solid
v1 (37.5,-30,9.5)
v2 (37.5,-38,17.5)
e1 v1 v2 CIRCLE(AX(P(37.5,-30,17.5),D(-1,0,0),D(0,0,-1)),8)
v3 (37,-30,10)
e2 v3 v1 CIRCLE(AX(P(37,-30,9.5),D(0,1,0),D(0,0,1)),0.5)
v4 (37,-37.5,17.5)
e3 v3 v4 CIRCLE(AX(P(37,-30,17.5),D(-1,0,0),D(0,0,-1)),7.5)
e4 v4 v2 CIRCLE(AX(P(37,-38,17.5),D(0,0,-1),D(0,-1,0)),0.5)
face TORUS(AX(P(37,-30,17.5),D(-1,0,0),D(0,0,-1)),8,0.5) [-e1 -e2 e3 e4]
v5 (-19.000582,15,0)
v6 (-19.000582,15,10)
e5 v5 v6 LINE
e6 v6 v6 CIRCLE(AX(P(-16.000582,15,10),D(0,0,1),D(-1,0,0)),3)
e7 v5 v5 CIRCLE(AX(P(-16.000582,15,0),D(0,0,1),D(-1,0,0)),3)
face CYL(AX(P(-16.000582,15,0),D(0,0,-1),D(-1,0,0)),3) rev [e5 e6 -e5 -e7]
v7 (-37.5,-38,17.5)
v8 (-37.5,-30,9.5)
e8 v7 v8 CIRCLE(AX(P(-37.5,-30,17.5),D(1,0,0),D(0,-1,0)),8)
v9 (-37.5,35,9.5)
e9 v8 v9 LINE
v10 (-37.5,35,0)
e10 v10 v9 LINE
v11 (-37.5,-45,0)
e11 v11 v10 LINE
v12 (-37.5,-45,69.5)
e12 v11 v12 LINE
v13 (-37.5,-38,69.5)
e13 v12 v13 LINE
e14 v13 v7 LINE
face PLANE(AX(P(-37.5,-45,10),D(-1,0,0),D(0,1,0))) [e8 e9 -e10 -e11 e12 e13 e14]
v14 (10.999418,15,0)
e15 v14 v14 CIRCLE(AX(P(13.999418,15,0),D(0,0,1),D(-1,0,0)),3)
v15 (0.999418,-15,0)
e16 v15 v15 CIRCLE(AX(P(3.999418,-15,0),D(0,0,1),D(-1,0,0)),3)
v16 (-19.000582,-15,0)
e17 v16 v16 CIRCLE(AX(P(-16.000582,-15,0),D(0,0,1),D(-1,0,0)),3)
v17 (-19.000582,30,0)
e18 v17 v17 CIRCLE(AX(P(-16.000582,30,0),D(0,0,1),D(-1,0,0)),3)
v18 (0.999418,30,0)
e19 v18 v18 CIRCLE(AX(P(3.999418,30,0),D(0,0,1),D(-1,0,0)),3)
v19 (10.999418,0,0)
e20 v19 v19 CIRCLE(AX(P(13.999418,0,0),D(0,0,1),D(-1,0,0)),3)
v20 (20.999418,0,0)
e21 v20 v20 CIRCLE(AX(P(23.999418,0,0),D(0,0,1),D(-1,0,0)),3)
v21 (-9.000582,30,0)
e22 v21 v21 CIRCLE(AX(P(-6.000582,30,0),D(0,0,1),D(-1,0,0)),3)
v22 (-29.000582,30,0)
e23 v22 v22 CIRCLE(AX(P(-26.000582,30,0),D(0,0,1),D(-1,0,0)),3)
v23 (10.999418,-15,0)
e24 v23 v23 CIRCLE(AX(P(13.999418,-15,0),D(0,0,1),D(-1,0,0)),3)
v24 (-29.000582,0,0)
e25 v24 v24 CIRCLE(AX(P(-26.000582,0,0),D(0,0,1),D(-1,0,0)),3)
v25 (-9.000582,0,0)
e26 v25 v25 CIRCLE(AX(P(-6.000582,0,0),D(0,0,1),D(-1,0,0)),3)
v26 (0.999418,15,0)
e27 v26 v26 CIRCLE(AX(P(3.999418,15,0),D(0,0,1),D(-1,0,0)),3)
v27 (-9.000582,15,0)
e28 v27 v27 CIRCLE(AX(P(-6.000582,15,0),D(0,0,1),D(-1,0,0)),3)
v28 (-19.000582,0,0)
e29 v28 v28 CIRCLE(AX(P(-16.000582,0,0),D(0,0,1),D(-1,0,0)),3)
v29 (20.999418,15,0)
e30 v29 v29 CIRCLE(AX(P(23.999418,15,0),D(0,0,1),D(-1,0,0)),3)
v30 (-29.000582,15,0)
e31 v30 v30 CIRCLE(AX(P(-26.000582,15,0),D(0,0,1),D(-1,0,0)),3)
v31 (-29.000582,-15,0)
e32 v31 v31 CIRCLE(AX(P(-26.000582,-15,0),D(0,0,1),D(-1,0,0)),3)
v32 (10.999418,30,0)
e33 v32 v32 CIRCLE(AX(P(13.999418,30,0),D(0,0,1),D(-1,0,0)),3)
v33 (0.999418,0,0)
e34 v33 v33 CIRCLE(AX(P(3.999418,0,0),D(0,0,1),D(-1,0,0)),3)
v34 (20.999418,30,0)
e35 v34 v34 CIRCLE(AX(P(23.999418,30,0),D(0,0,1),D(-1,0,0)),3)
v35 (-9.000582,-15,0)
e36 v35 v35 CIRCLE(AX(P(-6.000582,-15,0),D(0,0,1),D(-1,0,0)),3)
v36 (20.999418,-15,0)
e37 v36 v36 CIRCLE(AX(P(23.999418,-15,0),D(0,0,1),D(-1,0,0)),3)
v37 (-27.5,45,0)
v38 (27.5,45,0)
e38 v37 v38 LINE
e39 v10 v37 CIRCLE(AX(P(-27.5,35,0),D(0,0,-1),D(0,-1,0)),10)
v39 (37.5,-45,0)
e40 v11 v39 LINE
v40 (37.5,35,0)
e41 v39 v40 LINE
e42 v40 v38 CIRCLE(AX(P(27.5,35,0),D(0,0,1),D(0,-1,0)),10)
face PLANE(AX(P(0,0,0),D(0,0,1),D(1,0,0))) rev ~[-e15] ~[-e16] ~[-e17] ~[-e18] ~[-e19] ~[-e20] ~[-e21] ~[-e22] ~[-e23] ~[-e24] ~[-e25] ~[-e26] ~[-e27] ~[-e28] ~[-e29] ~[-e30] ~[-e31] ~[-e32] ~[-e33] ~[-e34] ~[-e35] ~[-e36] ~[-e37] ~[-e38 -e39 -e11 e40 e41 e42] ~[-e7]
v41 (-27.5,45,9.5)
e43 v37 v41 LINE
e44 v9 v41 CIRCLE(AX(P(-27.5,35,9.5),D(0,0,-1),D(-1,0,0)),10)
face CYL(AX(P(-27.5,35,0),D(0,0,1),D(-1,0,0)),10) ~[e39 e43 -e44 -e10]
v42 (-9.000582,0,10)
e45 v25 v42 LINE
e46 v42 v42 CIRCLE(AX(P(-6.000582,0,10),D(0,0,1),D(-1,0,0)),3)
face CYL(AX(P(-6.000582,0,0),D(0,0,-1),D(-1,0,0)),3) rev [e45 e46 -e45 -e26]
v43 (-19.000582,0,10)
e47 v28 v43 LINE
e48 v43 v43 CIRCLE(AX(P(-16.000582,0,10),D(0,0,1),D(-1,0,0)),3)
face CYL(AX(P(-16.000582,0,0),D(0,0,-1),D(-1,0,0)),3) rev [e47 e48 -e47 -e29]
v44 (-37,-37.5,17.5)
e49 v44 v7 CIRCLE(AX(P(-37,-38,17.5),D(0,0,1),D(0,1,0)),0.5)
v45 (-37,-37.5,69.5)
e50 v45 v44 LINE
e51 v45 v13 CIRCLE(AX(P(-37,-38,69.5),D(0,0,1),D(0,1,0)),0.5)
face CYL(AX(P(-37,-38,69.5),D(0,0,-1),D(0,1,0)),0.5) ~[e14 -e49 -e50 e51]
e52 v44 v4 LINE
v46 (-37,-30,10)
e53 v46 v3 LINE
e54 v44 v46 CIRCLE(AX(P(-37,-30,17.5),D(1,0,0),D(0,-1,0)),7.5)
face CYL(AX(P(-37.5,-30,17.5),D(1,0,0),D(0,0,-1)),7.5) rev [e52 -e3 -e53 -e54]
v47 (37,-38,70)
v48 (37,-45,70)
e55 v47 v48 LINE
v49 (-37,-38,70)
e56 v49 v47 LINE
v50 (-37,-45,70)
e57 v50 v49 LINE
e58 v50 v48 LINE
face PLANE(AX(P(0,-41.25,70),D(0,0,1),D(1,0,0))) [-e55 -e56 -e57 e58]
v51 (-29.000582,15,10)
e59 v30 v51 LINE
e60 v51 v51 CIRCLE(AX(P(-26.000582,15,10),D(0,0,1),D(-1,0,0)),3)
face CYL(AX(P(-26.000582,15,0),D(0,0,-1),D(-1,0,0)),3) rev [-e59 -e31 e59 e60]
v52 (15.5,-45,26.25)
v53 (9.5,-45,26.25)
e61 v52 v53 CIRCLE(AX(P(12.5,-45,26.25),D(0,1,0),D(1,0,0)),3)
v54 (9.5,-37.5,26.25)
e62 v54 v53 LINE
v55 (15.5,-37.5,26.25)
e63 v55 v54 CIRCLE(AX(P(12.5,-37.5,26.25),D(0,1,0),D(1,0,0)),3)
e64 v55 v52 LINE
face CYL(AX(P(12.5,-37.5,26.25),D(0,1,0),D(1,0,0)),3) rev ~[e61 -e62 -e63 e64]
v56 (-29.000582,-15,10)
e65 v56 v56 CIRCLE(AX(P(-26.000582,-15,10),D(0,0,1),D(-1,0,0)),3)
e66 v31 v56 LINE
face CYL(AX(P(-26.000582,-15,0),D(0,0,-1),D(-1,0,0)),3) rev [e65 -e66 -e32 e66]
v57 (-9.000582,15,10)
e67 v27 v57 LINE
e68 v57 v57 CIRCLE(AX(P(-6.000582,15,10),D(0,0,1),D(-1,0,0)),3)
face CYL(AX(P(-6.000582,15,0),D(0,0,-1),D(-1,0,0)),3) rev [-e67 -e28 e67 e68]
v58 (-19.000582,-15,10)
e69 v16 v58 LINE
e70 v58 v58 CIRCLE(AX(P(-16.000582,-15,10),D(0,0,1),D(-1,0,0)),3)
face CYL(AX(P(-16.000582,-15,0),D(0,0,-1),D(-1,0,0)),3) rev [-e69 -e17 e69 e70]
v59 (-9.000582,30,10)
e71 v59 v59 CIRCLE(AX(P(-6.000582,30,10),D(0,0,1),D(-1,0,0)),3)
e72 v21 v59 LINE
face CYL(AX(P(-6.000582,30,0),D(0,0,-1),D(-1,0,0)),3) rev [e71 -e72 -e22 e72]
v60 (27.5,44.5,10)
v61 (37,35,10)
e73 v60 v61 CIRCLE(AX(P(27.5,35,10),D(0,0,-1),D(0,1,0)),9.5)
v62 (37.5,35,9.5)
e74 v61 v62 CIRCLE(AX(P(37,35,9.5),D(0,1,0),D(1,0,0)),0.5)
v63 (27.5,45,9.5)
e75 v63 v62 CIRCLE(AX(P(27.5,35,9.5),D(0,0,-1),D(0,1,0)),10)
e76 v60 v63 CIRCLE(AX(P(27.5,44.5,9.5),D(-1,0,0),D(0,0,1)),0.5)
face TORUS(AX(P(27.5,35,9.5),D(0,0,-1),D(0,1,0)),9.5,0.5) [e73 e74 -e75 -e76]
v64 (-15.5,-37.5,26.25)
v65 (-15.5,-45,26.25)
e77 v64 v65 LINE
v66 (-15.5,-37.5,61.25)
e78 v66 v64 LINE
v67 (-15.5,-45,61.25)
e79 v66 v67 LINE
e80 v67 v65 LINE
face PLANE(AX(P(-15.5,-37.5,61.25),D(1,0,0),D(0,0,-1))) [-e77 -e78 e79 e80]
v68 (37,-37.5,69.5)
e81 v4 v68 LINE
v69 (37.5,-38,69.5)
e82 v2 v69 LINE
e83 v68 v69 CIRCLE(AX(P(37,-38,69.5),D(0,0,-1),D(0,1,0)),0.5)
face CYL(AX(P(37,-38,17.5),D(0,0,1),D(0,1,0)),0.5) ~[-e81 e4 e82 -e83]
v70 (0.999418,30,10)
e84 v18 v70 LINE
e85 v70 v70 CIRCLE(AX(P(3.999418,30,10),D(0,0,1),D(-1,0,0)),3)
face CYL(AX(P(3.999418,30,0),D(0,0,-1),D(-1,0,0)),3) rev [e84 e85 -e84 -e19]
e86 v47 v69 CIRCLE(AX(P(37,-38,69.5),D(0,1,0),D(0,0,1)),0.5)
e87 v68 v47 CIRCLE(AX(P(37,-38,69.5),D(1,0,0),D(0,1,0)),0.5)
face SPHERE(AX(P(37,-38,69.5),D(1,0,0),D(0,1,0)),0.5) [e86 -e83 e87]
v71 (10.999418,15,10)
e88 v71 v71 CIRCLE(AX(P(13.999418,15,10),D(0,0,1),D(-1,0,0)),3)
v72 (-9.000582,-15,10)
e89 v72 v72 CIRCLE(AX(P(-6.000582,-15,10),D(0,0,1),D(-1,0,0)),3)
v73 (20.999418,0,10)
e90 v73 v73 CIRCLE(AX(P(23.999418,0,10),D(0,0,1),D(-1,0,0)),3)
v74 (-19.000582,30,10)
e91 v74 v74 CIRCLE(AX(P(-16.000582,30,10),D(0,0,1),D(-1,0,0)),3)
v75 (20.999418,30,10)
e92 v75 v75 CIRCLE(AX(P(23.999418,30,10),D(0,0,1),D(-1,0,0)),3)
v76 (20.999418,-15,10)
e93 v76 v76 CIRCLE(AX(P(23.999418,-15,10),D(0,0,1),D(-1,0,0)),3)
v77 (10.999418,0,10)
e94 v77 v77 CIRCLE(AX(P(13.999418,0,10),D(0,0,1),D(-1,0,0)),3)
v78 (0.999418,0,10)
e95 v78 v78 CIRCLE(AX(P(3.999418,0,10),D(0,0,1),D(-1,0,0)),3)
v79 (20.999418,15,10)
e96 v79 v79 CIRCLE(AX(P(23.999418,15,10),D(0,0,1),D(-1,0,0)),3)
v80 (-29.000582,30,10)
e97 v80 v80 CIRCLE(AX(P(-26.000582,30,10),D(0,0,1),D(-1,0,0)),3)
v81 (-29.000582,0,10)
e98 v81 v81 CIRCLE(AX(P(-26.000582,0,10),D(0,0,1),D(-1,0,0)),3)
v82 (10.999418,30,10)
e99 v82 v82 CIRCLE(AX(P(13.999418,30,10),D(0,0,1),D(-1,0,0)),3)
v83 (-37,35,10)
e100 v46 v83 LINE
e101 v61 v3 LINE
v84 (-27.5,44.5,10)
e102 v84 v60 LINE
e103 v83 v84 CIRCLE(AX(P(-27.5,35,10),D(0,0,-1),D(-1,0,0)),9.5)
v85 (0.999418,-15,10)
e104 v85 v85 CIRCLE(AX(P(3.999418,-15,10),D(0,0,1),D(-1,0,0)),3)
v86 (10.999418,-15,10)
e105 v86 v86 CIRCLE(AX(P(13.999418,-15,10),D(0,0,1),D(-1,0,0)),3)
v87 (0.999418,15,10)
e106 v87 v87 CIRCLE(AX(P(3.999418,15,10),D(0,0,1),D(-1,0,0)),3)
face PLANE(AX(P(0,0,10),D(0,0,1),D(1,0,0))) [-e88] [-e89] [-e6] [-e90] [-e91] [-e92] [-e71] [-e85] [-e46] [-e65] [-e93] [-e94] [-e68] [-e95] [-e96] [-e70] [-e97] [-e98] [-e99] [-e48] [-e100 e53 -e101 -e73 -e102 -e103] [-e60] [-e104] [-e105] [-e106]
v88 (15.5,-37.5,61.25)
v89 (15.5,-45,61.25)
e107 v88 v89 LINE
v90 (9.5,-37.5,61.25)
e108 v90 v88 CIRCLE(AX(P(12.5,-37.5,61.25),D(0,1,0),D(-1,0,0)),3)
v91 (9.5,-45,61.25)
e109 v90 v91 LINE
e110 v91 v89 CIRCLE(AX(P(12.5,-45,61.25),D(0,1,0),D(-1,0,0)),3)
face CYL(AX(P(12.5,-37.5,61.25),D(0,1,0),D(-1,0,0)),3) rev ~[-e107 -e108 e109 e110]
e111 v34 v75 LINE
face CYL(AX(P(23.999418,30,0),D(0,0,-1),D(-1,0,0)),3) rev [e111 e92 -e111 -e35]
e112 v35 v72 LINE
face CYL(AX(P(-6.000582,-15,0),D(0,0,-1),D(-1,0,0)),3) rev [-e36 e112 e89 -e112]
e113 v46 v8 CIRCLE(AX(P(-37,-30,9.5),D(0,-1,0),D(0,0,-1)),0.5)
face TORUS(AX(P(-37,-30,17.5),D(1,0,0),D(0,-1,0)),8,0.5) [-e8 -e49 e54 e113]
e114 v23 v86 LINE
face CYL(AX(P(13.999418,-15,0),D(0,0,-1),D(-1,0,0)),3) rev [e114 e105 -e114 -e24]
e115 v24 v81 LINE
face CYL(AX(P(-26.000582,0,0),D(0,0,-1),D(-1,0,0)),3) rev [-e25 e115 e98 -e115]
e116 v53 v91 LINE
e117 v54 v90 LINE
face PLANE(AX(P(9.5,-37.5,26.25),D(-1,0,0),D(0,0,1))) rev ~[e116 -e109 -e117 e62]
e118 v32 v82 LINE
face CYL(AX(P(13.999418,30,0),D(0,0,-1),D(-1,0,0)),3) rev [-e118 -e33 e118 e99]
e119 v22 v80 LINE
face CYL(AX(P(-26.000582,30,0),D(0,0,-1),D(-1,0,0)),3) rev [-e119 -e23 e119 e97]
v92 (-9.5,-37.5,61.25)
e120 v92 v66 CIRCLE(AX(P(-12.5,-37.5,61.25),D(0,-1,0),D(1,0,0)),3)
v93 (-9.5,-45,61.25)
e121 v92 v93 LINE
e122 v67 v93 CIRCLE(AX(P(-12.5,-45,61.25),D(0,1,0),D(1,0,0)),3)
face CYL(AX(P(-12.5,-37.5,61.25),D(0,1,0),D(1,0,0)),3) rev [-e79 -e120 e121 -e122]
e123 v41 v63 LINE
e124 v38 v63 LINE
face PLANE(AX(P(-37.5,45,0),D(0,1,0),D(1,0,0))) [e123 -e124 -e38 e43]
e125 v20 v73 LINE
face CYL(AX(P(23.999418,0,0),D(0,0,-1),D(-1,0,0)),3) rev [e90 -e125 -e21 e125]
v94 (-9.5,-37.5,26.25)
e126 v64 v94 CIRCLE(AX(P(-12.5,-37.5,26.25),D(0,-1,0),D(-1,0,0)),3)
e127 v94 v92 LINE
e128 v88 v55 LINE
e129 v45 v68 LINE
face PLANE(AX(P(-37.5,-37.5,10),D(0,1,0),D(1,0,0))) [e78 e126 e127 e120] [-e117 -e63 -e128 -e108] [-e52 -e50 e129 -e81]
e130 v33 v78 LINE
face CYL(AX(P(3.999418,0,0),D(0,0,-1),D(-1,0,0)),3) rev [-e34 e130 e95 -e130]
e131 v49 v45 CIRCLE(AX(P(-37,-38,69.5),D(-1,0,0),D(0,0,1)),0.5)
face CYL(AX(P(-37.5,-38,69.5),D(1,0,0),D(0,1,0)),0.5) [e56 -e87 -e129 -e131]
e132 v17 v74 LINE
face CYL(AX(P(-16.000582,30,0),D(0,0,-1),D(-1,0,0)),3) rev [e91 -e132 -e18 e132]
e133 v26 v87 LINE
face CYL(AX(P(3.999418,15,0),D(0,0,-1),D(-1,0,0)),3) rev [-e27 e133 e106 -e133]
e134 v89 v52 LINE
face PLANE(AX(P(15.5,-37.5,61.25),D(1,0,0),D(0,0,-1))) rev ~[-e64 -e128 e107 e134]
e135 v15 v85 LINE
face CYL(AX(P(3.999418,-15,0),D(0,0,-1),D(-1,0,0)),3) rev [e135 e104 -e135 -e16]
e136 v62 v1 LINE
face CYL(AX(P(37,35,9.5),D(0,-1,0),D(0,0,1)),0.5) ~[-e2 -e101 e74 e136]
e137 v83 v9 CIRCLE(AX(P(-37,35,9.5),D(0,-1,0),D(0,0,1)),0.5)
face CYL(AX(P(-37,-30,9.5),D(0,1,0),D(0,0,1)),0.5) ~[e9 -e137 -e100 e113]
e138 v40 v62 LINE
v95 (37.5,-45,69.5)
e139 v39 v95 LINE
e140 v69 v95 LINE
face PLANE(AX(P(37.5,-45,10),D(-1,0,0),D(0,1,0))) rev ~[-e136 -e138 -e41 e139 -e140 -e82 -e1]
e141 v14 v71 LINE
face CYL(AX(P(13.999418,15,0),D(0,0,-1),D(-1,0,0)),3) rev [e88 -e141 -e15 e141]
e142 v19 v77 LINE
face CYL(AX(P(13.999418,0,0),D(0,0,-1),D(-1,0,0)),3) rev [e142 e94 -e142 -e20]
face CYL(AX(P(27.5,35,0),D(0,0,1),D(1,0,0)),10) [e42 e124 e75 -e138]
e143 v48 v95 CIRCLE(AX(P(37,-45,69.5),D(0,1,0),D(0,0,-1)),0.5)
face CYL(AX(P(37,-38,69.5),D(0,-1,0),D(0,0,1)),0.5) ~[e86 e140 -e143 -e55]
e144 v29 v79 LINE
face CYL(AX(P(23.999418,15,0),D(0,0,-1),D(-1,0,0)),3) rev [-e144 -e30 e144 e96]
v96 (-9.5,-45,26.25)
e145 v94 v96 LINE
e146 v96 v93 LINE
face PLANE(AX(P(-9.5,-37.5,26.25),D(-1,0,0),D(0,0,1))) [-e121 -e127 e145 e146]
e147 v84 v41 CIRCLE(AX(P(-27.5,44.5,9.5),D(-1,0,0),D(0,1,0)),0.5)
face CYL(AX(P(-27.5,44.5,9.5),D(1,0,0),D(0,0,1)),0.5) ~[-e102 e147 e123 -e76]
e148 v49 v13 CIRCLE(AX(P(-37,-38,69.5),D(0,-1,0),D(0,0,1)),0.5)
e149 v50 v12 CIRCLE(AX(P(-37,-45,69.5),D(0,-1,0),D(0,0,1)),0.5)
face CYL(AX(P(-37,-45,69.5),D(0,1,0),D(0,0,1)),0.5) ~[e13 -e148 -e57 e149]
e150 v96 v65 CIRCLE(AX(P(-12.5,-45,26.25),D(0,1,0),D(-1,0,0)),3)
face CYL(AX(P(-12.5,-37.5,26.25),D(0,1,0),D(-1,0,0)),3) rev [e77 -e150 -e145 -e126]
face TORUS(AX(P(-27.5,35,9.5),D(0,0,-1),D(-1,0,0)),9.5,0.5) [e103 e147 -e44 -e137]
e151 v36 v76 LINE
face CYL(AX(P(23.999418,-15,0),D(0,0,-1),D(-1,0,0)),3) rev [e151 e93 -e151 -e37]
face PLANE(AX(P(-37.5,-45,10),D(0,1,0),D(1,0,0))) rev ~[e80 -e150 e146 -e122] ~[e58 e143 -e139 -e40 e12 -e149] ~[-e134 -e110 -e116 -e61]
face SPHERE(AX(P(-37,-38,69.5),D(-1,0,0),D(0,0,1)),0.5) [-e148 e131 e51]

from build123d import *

# Parameters (mm, degrees)
SKETCH1_W           = 75
SKETCH1_H           = 90
BOSS_EXTRUDE1_DEPTH = 10
FILLET1_R           = 10
SKETCH3_W           = 75
SKETCH3_H           = 7.5
BOSS_EXTRUDE2_DEPTH = 60
FILLET2_R           = 7.5
SKETCH2_R           = 3
CUT_EXTRUDE1_DEPTH  = 10
CUT_EXTRUDE2_DEPTH  = 10
FILLET3_R           = 0.5
FILLET4_R           = 0.5


with BuildPart() as part:
    # Sketch1 → Boss-Extrude1 (new body)
    with BuildSketch(Plane.XY):
        Rectangle(SKETCH1_W, SKETCH1_H)
    extrude(amount=BOSS_EXTRUDE1_DEPTH)

    # Fillet1
    fillet1_edges = [part.edges().sort_by_distance(p)[0] for p in [
        (-37.5, 45, 5),
        (37.5, 45, 5),
    ]]
    fillet(fillet1_edges, radius=FILLET1_R)

    # Sketch3 → Boss-Extrude2 (add)
    with BuildSketch(Plane.XY.offset(10)):
        with Locations((0, -41.25)):
            Rectangle(SKETCH3_W, SKETCH3_H)
    extrude(amount=BOSS_EXTRUDE2_DEPTH)

    # Fillet2
    fillet2_edges = [part.edges().sort_by_distance(p)[0] for p in [
        (0, -37.5, 10),
    ]]
    fillet(fillet2_edges, radius=FILLET2_R)

    # Sketch2 → Cut-Extrude1 (cut)
    with BuildSketch(Plane.XY):
        with Locations(Location((23.999417703, 30, 0), (0, 0, 180))):
            Circle(SKETCH2_R)
        with Locations(Location((13.999417703, 30, 0), (0, 0, 180))):
            Circle(SKETCH2_R)
        with Locations(Location((3.999417703, 30, 0), (0, 0, 180))):
            Circle(SKETCH2_R)
        with Locations(Location((-6.000582297, 30, 0), (0, 0, 180))):
            Circle(SKETCH2_R)
        with Locations(Location((-16.000582297, 30, 0), (0, 0, 180))):
            Circle(SKETCH2_R)
        with Locations(Location((-26.000582297, 30, 0), (0, 0, 180))):
            Circle(SKETCH2_R)
        with Locations(Location((13.999417703, 15, 0), (0, 0, 180))):
            Circle(SKETCH2_R)
        with Locations(Location((3.999417703, 15, 0), (0, 0, 180))):
            Circle(SKETCH2_R)
        with Locations(Location((-6.000582297, 15, 0), (0, 0, 180))):
            Circle(SKETCH2_R)
        with Locations(Location((-16.000582297, 15, 0), (0, 0, 180))):
            Circle(SKETCH2_R)
        with Locations(Location((-26.000582297, 15, 0), (0, 0, 180))):
            Circle(SKETCH2_R)
        with Locations(Location((13.999417703, 0, 0), (0, 0, 180))):
            Circle(SKETCH2_R)
        with Locations(Location((3.999417703, 0, 0), (0, 0, 180))):
            Circle(SKETCH2_R)
        with Locations(Location((-6.000582297, 0, 0), (0, 0, 180))):
            Circle(SKETCH2_R)
        with Locations(Location((-16.000582297, 0, 0), (0, 0, 180))):
            Circle(SKETCH2_R)
        with Locations(Location((-26.000582297, 0, 0), (0, 0, 180))):
            Circle(SKETCH2_R)
        with Locations(Location((13.999417703, -15, 0), (0, 0, 180))):
            Circle(SKETCH2_R)
        with Locations(Location((3.999417703, -15, 0), (0, 0, 180))):
            Circle(SKETCH2_R)
        with Locations(Location((-6.000582297, -15, 0), (0, 0, 180))):
            Circle(SKETCH2_R)
        with Locations(Location((-16.000582297, -15, 0), (0, 0, 180))):
            Circle(SKETCH2_R)
        with Locations(Location((-26.000582297, -15, 0), (0, 0, 180))):
            Circle(SKETCH2_R)
        with Locations(Location((23.999417703, 15, 0), (0, 0, 180))):
            Circle(SKETCH2_R)
        with Locations(Location((23.999417703, 0, 0), (0, 0, 180))):
            Circle(SKETCH2_R)
        with Locations(Location((23.999417703, -15, 0), (0, 0, 180))):
            Circle(SKETCH2_R)
    extrude(amount=CUT_EXTRUDE1_DEPTH, mode=Mode.SUBTRACT)

    # Sketch4 → Cut-Extrude2 (cut)
    with BuildSketch(Plane(origin=(0, -37.5, 0), x_dir=(1, 0, 0), z_dir=(0, 1, 0))):
        with BuildLine():
            Line((-9.5, -26.25), (-9.5, -61.25))
            ThreePointArc((-9.5, -61.25), (-12.5, -64.25), (-15.5, -61.25))
            Line((-15.5, -61.25), (-15.5, -26.25))
            ThreePointArc((-15.5, -26.25), (-12.5, -23.25), (-9.5, -26.25))
        make_face()
        with BuildLine():
            Line((9.5, -26.25), (9.5, -61.25))
            ThreePointArc((9.5, -61.25), (12.5, -64.25), (15.5, -61.25))
            Line((15.5, -61.25), (15.5, -26.25))
            ThreePointArc((15.5, -26.25), (12.5, -23.25), (9.5, -26.25))
        make_face()
    extrude(amount=-CUT_EXTRUDE2_DEPTH, mode=Mode.SUBTRACT)

    # Fillet3
    fillet3_edges = [part.edges().sort_by_distance(p)[0] for p in [
        (0, -37.5, 70),
    ]]
    fillet(fillet3_edges, radius=FILLET3_R)

    # Fillet4
    fillet4_edges = [part.edges().sort_by_distance(p)[0] for p in [
        (0, 45, 10),
        (-37.5, 2.5, 10),
        (-34.571067812, 42.071067812, 10),
        (-37.5, -41.5, 70),
        (-37.5, -37.5, 43.5),
        (-37.5, -37.646446609, 69.853553391),
        (37.5, -37.5, 43.5),
        (37.5, -37.646446609, 69.853553391),
        (34.571067812, 42.071067812, 10),
        (37.5, -41.5, 70),
        (37.5, 2.5, 10),
        (-37.5, -35.303300859, 12.196699141),
        (37.5, -35.303300859, 12.196699141),
    ]]
    fillet(fillet4_edges, radius=FILLET4_R)


solid = part.part
